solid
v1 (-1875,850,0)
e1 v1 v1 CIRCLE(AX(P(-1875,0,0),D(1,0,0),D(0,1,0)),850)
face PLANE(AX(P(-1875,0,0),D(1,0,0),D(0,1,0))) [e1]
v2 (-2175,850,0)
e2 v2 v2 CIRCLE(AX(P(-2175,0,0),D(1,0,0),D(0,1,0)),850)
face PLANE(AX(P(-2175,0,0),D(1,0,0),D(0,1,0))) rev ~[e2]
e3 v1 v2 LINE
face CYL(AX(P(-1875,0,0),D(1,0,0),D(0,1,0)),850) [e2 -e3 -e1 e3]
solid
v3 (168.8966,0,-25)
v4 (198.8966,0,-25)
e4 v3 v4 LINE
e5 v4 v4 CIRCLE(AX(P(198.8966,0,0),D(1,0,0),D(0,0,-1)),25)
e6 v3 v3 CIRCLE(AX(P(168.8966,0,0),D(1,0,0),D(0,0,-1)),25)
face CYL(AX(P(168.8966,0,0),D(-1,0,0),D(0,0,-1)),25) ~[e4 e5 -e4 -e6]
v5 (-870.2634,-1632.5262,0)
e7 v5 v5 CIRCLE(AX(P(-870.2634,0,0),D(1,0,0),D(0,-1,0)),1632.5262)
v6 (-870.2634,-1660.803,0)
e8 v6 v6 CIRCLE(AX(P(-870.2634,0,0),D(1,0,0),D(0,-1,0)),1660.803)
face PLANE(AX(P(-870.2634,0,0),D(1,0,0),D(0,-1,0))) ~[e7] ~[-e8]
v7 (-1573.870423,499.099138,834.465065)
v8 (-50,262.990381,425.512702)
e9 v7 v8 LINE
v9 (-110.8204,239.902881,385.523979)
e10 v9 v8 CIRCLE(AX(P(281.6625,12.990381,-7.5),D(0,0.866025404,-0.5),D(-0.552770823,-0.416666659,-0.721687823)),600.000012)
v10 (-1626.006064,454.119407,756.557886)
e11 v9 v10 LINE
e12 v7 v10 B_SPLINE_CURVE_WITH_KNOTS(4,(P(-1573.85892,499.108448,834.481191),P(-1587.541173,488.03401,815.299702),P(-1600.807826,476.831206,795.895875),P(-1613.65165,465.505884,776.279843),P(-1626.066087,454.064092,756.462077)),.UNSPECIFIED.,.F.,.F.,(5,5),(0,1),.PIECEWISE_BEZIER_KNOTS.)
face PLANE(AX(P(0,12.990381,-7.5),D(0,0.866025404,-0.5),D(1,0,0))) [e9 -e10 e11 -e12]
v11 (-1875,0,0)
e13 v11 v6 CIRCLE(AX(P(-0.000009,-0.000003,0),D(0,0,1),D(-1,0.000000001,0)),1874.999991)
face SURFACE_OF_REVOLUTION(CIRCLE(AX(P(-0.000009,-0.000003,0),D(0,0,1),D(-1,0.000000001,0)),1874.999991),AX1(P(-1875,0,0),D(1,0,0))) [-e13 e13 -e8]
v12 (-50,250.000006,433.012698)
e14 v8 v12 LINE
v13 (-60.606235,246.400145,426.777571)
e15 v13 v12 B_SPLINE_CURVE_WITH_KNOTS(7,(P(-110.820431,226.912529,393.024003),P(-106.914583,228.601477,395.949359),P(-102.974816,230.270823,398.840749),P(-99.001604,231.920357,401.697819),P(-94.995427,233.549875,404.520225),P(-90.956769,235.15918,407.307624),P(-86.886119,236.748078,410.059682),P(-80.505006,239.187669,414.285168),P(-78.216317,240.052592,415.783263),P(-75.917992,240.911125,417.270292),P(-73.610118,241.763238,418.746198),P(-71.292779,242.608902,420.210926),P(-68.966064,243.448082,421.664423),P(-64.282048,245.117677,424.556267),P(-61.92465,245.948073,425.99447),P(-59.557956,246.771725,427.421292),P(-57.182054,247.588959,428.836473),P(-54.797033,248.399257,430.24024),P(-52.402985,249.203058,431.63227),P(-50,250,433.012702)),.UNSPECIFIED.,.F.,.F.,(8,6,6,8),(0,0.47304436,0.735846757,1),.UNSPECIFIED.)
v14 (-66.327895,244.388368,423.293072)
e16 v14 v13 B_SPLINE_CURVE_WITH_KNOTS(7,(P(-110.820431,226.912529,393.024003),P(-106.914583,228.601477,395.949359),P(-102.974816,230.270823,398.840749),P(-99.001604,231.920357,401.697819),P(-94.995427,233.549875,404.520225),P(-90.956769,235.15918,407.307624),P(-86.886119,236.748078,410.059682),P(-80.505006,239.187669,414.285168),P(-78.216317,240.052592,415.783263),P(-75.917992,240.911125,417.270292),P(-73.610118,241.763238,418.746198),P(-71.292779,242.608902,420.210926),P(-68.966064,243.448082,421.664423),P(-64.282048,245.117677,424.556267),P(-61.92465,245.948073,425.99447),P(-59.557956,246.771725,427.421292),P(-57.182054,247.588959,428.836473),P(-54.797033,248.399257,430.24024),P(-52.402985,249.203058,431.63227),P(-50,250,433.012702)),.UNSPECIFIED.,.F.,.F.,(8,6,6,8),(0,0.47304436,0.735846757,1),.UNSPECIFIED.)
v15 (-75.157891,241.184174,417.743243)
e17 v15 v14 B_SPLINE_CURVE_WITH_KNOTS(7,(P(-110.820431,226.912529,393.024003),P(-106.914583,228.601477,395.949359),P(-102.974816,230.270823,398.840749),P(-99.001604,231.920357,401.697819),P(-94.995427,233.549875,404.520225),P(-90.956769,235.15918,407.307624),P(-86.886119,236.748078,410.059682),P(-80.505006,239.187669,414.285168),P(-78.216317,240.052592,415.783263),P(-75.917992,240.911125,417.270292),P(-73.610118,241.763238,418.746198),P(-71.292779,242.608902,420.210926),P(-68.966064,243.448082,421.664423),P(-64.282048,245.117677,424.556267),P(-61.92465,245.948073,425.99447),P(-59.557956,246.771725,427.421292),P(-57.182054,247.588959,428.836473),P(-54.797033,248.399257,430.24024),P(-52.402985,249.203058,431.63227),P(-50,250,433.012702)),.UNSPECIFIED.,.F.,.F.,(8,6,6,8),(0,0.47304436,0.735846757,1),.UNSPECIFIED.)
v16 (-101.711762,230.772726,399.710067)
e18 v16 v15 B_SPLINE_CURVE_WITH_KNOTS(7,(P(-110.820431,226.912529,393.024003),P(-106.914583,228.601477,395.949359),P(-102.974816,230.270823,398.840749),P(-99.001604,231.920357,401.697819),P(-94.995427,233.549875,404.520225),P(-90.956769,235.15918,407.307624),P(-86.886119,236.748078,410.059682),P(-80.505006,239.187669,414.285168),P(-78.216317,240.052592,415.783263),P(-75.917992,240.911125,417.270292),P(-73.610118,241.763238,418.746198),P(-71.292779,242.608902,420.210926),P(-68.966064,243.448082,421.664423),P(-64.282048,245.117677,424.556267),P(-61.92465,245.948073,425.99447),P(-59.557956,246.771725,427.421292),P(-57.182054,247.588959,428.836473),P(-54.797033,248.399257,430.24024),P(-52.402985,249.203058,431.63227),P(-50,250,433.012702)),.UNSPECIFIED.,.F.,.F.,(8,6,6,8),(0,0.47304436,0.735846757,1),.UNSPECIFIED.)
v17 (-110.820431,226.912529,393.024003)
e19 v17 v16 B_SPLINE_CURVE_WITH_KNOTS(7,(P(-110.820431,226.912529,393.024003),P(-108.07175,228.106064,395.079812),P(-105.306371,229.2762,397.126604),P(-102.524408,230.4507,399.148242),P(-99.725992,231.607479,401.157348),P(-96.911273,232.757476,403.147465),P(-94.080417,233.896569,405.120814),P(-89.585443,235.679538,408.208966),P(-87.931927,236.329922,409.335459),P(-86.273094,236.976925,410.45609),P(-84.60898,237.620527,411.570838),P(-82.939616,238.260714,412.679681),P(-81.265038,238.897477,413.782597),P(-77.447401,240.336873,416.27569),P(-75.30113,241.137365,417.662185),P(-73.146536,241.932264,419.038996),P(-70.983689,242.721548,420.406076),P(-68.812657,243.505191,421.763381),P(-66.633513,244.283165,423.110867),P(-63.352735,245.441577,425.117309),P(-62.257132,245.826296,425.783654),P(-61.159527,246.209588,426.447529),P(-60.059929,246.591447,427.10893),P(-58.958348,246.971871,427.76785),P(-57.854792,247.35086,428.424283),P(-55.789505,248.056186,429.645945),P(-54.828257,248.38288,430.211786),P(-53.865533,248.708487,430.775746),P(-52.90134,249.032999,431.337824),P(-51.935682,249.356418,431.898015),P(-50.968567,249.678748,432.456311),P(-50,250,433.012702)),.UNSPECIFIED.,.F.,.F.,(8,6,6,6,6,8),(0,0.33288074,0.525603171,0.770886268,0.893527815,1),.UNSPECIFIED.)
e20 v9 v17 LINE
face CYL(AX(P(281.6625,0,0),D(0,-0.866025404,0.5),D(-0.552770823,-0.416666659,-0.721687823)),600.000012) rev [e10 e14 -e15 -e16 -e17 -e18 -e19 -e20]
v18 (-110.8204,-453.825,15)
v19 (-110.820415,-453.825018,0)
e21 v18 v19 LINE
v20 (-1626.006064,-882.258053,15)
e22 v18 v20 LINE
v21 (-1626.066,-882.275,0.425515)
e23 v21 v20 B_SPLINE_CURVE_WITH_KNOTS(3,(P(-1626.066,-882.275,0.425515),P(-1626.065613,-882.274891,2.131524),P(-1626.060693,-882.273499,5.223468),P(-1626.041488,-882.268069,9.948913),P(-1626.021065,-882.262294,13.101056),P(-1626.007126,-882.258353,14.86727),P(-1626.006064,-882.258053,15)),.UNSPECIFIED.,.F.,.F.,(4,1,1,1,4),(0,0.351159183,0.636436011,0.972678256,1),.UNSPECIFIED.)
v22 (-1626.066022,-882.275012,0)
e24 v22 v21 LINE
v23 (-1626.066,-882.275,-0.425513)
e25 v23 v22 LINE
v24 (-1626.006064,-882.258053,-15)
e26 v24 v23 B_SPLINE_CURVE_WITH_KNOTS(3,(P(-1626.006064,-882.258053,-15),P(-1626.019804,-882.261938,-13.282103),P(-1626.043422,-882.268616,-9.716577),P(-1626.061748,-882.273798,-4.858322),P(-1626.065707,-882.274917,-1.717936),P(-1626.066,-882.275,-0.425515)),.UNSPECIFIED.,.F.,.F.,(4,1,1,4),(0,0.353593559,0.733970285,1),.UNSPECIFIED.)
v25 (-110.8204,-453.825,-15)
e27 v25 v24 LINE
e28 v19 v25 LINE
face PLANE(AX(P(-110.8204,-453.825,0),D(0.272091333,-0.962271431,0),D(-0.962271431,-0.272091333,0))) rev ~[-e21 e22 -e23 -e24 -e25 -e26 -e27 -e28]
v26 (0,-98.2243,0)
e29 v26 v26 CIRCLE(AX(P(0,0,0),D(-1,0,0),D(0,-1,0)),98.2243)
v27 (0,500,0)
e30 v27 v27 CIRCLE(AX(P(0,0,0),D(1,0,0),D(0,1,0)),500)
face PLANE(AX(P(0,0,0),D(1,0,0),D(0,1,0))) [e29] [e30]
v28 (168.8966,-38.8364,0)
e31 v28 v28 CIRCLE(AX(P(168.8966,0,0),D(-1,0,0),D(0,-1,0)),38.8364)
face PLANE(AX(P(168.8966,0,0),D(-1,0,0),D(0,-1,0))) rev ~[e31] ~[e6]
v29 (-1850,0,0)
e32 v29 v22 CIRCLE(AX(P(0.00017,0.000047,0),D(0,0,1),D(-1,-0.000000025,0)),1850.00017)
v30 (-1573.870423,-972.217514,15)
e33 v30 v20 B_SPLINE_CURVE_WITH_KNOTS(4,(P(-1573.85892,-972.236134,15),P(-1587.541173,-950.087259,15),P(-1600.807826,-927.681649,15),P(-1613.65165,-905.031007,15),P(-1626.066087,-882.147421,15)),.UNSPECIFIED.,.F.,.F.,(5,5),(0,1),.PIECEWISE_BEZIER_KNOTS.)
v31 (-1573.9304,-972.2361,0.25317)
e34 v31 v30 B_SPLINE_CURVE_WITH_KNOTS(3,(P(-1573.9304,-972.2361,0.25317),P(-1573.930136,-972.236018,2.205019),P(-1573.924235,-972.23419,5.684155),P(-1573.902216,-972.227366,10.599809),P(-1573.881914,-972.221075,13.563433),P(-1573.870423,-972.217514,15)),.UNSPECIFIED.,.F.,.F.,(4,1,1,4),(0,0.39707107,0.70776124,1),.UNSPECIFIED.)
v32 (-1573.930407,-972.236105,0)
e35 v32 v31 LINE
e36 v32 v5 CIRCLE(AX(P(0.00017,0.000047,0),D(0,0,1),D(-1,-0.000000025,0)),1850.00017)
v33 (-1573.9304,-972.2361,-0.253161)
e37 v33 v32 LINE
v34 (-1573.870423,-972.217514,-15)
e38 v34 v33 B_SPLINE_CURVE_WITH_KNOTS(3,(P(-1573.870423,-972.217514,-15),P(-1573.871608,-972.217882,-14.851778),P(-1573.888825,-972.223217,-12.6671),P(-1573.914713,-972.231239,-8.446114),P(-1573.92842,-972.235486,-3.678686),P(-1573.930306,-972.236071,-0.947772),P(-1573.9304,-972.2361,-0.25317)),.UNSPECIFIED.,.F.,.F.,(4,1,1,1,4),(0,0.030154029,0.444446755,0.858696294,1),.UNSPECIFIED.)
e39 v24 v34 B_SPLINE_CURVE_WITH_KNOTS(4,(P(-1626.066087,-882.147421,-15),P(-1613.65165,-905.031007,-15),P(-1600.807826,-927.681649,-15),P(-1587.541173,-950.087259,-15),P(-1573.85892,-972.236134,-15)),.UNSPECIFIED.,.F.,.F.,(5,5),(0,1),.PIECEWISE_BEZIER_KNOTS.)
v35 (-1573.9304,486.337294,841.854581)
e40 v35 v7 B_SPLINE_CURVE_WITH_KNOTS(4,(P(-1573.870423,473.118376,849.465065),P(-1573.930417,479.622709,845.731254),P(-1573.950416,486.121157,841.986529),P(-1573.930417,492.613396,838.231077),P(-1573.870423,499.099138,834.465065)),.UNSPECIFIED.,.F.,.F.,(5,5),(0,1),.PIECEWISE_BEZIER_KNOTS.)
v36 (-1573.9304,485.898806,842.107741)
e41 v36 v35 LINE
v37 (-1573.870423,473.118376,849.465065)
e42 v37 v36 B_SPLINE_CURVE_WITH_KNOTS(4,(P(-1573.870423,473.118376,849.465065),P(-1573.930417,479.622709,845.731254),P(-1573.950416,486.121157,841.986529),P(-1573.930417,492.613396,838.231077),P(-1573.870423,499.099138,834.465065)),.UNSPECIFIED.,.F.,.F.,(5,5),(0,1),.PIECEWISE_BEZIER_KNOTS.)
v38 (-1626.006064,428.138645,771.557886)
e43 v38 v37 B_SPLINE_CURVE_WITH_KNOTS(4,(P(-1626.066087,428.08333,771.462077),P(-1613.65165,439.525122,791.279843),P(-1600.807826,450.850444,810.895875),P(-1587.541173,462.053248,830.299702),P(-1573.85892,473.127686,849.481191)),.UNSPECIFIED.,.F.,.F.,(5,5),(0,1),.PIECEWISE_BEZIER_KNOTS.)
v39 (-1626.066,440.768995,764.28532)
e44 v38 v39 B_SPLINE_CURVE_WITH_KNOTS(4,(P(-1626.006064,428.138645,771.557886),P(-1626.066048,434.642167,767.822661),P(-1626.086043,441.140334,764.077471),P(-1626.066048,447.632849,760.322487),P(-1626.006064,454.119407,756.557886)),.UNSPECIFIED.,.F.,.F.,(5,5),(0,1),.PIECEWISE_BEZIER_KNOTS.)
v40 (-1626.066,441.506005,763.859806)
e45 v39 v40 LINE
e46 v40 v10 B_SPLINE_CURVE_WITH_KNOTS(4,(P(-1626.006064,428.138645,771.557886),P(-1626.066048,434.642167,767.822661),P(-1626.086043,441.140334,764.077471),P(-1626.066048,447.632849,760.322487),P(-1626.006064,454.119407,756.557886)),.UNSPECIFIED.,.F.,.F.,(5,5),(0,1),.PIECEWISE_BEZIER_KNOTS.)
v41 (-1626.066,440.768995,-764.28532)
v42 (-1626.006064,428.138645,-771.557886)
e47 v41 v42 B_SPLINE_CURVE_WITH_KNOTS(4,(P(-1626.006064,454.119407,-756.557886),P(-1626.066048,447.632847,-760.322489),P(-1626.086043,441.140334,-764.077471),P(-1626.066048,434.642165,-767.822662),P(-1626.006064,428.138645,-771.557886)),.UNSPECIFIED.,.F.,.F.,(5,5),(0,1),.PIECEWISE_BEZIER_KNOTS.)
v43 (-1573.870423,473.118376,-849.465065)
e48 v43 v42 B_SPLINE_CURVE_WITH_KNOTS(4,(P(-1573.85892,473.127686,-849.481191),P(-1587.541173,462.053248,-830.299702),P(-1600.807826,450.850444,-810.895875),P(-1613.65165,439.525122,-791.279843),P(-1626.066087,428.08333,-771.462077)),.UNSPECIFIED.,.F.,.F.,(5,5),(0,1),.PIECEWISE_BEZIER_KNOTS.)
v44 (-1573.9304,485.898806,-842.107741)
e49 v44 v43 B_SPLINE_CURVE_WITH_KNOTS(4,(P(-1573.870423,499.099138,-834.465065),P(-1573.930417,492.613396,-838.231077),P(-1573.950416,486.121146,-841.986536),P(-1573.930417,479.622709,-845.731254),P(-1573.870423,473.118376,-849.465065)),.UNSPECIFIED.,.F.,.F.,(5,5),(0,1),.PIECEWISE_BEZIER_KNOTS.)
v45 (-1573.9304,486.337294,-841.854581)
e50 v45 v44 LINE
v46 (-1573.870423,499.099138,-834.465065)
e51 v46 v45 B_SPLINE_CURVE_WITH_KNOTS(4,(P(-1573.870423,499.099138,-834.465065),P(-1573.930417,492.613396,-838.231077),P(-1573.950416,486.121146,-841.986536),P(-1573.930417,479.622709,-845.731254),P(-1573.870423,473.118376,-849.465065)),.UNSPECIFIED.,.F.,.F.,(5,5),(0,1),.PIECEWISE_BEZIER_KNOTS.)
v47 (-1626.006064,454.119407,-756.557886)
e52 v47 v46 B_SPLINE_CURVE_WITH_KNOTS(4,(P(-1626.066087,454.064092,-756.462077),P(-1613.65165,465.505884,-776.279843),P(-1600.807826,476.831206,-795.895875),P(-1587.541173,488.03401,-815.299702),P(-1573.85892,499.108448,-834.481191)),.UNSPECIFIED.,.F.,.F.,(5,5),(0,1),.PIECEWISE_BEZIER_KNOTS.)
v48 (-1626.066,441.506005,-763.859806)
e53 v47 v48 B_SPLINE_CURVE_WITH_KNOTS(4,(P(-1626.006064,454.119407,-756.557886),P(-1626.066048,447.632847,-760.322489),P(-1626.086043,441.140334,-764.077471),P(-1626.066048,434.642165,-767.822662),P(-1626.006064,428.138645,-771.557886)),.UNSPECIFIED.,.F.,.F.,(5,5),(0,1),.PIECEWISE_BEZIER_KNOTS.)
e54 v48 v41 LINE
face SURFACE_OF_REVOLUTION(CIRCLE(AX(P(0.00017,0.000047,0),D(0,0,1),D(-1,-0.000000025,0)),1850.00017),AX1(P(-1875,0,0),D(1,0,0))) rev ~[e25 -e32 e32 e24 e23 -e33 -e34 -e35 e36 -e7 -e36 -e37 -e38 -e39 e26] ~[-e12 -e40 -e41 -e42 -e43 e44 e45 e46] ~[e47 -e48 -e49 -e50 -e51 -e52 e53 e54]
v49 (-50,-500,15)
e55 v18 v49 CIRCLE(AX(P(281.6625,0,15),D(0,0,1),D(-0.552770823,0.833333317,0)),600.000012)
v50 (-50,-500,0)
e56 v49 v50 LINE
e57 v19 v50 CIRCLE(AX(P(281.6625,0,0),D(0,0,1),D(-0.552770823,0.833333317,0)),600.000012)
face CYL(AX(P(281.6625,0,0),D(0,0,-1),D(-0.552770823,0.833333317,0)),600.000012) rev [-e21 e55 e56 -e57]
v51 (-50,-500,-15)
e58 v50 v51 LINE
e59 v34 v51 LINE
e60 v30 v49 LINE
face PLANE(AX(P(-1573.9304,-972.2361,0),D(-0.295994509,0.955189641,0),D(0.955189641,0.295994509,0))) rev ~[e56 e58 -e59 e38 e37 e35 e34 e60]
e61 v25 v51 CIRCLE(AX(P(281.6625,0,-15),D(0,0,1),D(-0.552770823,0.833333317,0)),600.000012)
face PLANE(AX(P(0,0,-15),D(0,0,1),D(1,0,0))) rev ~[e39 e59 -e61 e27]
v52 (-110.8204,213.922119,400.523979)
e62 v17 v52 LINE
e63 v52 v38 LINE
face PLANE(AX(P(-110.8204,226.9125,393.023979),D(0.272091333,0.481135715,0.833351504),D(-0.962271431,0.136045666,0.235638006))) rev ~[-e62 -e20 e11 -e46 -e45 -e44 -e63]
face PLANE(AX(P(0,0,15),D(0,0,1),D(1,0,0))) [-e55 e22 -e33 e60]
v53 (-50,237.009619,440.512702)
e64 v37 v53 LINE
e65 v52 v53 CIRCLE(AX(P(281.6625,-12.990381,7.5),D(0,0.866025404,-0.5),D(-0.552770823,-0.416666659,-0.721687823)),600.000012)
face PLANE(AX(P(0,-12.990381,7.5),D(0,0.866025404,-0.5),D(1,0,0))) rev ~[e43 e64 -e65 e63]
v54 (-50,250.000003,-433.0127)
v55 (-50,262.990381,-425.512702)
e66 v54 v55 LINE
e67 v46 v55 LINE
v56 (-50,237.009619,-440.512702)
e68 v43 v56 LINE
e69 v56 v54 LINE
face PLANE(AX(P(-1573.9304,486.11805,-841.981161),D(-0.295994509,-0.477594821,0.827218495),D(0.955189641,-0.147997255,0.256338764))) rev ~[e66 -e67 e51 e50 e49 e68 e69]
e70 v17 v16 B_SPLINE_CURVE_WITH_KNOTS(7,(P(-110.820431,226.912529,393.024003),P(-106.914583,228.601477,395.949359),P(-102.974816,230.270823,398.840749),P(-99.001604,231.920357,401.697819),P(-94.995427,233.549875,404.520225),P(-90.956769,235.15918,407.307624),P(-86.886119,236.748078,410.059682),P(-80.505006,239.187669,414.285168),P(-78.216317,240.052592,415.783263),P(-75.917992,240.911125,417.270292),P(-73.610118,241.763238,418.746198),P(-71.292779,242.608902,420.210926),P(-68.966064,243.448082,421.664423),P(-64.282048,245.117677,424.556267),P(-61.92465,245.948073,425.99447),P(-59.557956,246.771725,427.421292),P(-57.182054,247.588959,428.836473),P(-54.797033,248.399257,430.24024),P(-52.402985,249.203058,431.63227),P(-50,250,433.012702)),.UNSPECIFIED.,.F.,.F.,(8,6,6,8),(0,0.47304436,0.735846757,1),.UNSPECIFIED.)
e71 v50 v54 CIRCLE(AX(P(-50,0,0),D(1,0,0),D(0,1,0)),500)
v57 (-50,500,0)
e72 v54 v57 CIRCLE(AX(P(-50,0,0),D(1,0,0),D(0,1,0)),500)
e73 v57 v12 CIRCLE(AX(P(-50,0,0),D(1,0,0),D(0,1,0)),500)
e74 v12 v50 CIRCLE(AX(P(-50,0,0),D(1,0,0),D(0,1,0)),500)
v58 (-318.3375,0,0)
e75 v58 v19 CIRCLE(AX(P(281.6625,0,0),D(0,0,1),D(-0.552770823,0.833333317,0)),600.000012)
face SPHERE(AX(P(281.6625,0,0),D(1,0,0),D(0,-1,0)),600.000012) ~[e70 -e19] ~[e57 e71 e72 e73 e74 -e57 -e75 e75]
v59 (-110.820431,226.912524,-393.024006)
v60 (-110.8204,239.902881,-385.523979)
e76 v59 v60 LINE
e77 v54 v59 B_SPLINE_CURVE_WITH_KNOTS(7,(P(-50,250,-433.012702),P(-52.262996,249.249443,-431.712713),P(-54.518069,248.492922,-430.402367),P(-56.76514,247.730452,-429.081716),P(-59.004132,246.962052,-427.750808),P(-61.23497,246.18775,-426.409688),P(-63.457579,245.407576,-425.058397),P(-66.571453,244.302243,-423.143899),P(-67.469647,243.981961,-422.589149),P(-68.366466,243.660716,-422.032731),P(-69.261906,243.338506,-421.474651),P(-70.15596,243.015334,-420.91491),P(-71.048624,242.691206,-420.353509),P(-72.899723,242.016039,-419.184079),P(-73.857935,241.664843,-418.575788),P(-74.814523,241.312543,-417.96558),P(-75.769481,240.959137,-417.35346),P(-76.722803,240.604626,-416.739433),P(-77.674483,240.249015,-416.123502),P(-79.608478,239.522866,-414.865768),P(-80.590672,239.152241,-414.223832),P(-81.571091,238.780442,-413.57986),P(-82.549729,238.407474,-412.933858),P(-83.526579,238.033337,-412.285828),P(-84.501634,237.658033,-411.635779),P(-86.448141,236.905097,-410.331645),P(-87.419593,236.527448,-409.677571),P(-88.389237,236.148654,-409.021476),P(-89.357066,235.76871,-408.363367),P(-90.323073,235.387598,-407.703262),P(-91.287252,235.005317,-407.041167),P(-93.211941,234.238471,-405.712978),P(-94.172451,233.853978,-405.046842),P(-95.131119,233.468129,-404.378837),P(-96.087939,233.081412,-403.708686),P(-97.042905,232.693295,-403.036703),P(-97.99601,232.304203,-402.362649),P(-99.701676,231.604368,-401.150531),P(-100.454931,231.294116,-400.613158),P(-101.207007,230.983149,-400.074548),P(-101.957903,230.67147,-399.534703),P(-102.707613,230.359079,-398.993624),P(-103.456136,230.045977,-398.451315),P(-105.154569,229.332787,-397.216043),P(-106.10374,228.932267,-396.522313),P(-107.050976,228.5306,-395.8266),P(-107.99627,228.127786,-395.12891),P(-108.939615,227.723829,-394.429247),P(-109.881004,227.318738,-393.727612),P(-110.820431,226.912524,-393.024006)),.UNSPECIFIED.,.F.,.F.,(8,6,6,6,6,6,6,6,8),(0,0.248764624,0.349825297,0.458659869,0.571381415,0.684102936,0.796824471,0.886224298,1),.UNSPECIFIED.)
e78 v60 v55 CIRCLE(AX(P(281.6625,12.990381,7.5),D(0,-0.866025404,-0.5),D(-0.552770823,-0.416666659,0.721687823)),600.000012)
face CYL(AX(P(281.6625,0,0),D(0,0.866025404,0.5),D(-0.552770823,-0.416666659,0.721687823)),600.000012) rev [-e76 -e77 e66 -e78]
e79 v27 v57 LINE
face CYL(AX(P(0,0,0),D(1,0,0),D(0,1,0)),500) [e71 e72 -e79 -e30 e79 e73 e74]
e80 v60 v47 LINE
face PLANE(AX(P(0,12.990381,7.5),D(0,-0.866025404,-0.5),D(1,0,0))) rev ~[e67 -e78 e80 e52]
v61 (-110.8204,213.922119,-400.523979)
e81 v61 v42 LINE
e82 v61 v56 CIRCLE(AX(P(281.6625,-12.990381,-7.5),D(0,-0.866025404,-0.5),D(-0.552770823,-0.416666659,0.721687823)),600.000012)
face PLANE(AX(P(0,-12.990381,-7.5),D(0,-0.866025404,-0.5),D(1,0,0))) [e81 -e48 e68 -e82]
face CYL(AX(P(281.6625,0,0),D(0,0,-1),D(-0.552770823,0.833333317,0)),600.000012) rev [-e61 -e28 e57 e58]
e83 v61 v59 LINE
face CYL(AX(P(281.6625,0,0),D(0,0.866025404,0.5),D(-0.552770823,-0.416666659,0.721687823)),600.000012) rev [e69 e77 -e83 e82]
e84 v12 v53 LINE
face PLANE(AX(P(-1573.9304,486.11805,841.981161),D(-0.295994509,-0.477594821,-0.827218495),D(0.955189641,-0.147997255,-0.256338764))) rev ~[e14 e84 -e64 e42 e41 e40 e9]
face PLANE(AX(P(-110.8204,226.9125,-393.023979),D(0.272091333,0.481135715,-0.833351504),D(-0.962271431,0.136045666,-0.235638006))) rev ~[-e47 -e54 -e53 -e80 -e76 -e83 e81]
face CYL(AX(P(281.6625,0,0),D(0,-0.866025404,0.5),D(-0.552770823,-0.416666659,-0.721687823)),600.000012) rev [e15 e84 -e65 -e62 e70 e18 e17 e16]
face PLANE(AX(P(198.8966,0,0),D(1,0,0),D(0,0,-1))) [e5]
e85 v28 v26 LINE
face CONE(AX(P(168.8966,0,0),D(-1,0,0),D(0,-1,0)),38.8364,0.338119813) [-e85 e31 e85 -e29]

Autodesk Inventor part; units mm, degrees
ref_plane "XZ Plane" through (0, 0, 0) normal (0, 1, 0) x (-1, 0, 0)
ref_plane "XY Plane" through (0, 0, 0) normal (0, 0, 1) x (1, 0, 0)
sketch "Sketch1" plane through (0, 0, 0) normal (0, 0, 1) x (1, 0, 0)
  arc A0 (-1875, 0) -> (-870.2634, -1660.803) centre (0, 0) ccw
  arc A1 (-1850, 0) -> (-870.2634, -1632.5262) centre (0, 0) ccw
  line L0 (-1875, 0) -> (-870.2634, 0)
  line L1 (0, -1850) -> (0, -1875)
  line L2 (-1875, 0) -> (-870.2634, 0)
  line L3 (-870.2634, 0) -> (-870.2634, -1660.803)
  dimension "d0" = 3750
  dimension "d1" = 3700
revolve "Revolution1" add sketch "Sketch1" angle 360 about axis through (-1875, 0, 0) along (1, 0, 0) contours L0 A1 L3 A0
ref_plane "Work Plane1" through (-1875, 0, 0) normal (1, 0, 0) x (0, 1, 0)
sketch "Sketch2" plane through (-1875, 0, 0) normal (1, 0, 0) x (0, 1, 0)
  circle A0 centre (0, 0) radius 850
  dimension "d3" = 1700
extrude "Extrusion1" add sketch "Sketch2" against normal blind 300
sketch "Sketch3" plane through (0, 0, 0) normal (1, 0, 0) x (0, 1, 0)
  circle A0 centre (0, 0) radius 500
  dimension "d6" = 1000
extrude "Extrusion2" add sketch "Sketch3" against normal blind 50
sketch "Sketch4" plane through (0, 0, 0) normal (0, 0, 1) x (1, 0, 0)
  line L0 (-50, 500) -> (-50, -500) projected
  arc A0 (-50, 500) -> (-50, -500) centre (281.6625, 0) ccw
  line L1 (-50, 0) -> (-318.3375, 0)
  point P0 (0, 0)
  dimension "d9" = 600
revolve "Revolution2" add sketch "Sketch4" angle 360 about axis through (-50, 0, 0) along (-1, 0, 0) picked at (-58.9513, -327.0364) contours L0 A0 L1
sketch "Sketch5" plane through (0, 0, 0) normal (0, 0, 1) x (1, 0, 0)
  line L0 (168.8966, 0) -> (0, 0)
  line L1 (0, 0) -> (0, -98.2243)
  line L2 (0, -500) -> (0, 500) projected
  line L3 (168.8966, -38.8364) -> (0, -98.2243)
  line L4 (168.8966, -38.8364) -> (168.8966, 0)
revolve "Revolution3" add sketch "Sketch5" angle 360 about axis through (168.8966, 0, 0) along (-1, 0, 0)
sketch "Sketch6" plane through (168.8966, 0, 0) normal (1, 0, 0) x (0, 0, -1)
  circle A0 centre (0, 0) radius 25
  dimension "d12" = 50
extrude "Extrusion3" add sketch "Sketch6" along normal blind 30
sketch "Sketch7" plane through (0, 0, 0) normal (0, 0, 1) x (1, 0, 0)
  arc A0 (-870.2634, 1632.5262) -> (-870.2634, -1632.5262) centre (0, 0) ccw projected
  line L0 (-50, 500) -> (-50, -500) projected
  line L1 (-1573.9304, -972.2361) -> (-50, -500)
  line L2 (-50, -500) -> (-50, -453.825)
  arc A1 (-50, 500) -> (-50, -500) centre (281.6625, 0) ccw projected
  line L3 (-110.8204, -453.825) -> (-1626.066, -882.275)
  arc A2 (-870.2634, 1632.5262) -> (-870.2634, -1632.5262) centre (0, 0) ccw projected
  arc A3 (-110.8204, -453.825) -> (-50, -500) centre (281.6625, 0) ccw
  arc A4 (-1626.066, -882.275) -> (-1573.9304, -972.2361) centre (0, 0) ccw
extrude "Extrusion4" add sketch "Sketch7" along normal mid plane 30 contours L3 A1 L1 A0
pattern_circular "Circular Pattern1" count 3 over 360 about axis through (0, 0, 0) along (-1, 0, 0) of "Extrusion4"
properties part number "Antenna 23110167"
